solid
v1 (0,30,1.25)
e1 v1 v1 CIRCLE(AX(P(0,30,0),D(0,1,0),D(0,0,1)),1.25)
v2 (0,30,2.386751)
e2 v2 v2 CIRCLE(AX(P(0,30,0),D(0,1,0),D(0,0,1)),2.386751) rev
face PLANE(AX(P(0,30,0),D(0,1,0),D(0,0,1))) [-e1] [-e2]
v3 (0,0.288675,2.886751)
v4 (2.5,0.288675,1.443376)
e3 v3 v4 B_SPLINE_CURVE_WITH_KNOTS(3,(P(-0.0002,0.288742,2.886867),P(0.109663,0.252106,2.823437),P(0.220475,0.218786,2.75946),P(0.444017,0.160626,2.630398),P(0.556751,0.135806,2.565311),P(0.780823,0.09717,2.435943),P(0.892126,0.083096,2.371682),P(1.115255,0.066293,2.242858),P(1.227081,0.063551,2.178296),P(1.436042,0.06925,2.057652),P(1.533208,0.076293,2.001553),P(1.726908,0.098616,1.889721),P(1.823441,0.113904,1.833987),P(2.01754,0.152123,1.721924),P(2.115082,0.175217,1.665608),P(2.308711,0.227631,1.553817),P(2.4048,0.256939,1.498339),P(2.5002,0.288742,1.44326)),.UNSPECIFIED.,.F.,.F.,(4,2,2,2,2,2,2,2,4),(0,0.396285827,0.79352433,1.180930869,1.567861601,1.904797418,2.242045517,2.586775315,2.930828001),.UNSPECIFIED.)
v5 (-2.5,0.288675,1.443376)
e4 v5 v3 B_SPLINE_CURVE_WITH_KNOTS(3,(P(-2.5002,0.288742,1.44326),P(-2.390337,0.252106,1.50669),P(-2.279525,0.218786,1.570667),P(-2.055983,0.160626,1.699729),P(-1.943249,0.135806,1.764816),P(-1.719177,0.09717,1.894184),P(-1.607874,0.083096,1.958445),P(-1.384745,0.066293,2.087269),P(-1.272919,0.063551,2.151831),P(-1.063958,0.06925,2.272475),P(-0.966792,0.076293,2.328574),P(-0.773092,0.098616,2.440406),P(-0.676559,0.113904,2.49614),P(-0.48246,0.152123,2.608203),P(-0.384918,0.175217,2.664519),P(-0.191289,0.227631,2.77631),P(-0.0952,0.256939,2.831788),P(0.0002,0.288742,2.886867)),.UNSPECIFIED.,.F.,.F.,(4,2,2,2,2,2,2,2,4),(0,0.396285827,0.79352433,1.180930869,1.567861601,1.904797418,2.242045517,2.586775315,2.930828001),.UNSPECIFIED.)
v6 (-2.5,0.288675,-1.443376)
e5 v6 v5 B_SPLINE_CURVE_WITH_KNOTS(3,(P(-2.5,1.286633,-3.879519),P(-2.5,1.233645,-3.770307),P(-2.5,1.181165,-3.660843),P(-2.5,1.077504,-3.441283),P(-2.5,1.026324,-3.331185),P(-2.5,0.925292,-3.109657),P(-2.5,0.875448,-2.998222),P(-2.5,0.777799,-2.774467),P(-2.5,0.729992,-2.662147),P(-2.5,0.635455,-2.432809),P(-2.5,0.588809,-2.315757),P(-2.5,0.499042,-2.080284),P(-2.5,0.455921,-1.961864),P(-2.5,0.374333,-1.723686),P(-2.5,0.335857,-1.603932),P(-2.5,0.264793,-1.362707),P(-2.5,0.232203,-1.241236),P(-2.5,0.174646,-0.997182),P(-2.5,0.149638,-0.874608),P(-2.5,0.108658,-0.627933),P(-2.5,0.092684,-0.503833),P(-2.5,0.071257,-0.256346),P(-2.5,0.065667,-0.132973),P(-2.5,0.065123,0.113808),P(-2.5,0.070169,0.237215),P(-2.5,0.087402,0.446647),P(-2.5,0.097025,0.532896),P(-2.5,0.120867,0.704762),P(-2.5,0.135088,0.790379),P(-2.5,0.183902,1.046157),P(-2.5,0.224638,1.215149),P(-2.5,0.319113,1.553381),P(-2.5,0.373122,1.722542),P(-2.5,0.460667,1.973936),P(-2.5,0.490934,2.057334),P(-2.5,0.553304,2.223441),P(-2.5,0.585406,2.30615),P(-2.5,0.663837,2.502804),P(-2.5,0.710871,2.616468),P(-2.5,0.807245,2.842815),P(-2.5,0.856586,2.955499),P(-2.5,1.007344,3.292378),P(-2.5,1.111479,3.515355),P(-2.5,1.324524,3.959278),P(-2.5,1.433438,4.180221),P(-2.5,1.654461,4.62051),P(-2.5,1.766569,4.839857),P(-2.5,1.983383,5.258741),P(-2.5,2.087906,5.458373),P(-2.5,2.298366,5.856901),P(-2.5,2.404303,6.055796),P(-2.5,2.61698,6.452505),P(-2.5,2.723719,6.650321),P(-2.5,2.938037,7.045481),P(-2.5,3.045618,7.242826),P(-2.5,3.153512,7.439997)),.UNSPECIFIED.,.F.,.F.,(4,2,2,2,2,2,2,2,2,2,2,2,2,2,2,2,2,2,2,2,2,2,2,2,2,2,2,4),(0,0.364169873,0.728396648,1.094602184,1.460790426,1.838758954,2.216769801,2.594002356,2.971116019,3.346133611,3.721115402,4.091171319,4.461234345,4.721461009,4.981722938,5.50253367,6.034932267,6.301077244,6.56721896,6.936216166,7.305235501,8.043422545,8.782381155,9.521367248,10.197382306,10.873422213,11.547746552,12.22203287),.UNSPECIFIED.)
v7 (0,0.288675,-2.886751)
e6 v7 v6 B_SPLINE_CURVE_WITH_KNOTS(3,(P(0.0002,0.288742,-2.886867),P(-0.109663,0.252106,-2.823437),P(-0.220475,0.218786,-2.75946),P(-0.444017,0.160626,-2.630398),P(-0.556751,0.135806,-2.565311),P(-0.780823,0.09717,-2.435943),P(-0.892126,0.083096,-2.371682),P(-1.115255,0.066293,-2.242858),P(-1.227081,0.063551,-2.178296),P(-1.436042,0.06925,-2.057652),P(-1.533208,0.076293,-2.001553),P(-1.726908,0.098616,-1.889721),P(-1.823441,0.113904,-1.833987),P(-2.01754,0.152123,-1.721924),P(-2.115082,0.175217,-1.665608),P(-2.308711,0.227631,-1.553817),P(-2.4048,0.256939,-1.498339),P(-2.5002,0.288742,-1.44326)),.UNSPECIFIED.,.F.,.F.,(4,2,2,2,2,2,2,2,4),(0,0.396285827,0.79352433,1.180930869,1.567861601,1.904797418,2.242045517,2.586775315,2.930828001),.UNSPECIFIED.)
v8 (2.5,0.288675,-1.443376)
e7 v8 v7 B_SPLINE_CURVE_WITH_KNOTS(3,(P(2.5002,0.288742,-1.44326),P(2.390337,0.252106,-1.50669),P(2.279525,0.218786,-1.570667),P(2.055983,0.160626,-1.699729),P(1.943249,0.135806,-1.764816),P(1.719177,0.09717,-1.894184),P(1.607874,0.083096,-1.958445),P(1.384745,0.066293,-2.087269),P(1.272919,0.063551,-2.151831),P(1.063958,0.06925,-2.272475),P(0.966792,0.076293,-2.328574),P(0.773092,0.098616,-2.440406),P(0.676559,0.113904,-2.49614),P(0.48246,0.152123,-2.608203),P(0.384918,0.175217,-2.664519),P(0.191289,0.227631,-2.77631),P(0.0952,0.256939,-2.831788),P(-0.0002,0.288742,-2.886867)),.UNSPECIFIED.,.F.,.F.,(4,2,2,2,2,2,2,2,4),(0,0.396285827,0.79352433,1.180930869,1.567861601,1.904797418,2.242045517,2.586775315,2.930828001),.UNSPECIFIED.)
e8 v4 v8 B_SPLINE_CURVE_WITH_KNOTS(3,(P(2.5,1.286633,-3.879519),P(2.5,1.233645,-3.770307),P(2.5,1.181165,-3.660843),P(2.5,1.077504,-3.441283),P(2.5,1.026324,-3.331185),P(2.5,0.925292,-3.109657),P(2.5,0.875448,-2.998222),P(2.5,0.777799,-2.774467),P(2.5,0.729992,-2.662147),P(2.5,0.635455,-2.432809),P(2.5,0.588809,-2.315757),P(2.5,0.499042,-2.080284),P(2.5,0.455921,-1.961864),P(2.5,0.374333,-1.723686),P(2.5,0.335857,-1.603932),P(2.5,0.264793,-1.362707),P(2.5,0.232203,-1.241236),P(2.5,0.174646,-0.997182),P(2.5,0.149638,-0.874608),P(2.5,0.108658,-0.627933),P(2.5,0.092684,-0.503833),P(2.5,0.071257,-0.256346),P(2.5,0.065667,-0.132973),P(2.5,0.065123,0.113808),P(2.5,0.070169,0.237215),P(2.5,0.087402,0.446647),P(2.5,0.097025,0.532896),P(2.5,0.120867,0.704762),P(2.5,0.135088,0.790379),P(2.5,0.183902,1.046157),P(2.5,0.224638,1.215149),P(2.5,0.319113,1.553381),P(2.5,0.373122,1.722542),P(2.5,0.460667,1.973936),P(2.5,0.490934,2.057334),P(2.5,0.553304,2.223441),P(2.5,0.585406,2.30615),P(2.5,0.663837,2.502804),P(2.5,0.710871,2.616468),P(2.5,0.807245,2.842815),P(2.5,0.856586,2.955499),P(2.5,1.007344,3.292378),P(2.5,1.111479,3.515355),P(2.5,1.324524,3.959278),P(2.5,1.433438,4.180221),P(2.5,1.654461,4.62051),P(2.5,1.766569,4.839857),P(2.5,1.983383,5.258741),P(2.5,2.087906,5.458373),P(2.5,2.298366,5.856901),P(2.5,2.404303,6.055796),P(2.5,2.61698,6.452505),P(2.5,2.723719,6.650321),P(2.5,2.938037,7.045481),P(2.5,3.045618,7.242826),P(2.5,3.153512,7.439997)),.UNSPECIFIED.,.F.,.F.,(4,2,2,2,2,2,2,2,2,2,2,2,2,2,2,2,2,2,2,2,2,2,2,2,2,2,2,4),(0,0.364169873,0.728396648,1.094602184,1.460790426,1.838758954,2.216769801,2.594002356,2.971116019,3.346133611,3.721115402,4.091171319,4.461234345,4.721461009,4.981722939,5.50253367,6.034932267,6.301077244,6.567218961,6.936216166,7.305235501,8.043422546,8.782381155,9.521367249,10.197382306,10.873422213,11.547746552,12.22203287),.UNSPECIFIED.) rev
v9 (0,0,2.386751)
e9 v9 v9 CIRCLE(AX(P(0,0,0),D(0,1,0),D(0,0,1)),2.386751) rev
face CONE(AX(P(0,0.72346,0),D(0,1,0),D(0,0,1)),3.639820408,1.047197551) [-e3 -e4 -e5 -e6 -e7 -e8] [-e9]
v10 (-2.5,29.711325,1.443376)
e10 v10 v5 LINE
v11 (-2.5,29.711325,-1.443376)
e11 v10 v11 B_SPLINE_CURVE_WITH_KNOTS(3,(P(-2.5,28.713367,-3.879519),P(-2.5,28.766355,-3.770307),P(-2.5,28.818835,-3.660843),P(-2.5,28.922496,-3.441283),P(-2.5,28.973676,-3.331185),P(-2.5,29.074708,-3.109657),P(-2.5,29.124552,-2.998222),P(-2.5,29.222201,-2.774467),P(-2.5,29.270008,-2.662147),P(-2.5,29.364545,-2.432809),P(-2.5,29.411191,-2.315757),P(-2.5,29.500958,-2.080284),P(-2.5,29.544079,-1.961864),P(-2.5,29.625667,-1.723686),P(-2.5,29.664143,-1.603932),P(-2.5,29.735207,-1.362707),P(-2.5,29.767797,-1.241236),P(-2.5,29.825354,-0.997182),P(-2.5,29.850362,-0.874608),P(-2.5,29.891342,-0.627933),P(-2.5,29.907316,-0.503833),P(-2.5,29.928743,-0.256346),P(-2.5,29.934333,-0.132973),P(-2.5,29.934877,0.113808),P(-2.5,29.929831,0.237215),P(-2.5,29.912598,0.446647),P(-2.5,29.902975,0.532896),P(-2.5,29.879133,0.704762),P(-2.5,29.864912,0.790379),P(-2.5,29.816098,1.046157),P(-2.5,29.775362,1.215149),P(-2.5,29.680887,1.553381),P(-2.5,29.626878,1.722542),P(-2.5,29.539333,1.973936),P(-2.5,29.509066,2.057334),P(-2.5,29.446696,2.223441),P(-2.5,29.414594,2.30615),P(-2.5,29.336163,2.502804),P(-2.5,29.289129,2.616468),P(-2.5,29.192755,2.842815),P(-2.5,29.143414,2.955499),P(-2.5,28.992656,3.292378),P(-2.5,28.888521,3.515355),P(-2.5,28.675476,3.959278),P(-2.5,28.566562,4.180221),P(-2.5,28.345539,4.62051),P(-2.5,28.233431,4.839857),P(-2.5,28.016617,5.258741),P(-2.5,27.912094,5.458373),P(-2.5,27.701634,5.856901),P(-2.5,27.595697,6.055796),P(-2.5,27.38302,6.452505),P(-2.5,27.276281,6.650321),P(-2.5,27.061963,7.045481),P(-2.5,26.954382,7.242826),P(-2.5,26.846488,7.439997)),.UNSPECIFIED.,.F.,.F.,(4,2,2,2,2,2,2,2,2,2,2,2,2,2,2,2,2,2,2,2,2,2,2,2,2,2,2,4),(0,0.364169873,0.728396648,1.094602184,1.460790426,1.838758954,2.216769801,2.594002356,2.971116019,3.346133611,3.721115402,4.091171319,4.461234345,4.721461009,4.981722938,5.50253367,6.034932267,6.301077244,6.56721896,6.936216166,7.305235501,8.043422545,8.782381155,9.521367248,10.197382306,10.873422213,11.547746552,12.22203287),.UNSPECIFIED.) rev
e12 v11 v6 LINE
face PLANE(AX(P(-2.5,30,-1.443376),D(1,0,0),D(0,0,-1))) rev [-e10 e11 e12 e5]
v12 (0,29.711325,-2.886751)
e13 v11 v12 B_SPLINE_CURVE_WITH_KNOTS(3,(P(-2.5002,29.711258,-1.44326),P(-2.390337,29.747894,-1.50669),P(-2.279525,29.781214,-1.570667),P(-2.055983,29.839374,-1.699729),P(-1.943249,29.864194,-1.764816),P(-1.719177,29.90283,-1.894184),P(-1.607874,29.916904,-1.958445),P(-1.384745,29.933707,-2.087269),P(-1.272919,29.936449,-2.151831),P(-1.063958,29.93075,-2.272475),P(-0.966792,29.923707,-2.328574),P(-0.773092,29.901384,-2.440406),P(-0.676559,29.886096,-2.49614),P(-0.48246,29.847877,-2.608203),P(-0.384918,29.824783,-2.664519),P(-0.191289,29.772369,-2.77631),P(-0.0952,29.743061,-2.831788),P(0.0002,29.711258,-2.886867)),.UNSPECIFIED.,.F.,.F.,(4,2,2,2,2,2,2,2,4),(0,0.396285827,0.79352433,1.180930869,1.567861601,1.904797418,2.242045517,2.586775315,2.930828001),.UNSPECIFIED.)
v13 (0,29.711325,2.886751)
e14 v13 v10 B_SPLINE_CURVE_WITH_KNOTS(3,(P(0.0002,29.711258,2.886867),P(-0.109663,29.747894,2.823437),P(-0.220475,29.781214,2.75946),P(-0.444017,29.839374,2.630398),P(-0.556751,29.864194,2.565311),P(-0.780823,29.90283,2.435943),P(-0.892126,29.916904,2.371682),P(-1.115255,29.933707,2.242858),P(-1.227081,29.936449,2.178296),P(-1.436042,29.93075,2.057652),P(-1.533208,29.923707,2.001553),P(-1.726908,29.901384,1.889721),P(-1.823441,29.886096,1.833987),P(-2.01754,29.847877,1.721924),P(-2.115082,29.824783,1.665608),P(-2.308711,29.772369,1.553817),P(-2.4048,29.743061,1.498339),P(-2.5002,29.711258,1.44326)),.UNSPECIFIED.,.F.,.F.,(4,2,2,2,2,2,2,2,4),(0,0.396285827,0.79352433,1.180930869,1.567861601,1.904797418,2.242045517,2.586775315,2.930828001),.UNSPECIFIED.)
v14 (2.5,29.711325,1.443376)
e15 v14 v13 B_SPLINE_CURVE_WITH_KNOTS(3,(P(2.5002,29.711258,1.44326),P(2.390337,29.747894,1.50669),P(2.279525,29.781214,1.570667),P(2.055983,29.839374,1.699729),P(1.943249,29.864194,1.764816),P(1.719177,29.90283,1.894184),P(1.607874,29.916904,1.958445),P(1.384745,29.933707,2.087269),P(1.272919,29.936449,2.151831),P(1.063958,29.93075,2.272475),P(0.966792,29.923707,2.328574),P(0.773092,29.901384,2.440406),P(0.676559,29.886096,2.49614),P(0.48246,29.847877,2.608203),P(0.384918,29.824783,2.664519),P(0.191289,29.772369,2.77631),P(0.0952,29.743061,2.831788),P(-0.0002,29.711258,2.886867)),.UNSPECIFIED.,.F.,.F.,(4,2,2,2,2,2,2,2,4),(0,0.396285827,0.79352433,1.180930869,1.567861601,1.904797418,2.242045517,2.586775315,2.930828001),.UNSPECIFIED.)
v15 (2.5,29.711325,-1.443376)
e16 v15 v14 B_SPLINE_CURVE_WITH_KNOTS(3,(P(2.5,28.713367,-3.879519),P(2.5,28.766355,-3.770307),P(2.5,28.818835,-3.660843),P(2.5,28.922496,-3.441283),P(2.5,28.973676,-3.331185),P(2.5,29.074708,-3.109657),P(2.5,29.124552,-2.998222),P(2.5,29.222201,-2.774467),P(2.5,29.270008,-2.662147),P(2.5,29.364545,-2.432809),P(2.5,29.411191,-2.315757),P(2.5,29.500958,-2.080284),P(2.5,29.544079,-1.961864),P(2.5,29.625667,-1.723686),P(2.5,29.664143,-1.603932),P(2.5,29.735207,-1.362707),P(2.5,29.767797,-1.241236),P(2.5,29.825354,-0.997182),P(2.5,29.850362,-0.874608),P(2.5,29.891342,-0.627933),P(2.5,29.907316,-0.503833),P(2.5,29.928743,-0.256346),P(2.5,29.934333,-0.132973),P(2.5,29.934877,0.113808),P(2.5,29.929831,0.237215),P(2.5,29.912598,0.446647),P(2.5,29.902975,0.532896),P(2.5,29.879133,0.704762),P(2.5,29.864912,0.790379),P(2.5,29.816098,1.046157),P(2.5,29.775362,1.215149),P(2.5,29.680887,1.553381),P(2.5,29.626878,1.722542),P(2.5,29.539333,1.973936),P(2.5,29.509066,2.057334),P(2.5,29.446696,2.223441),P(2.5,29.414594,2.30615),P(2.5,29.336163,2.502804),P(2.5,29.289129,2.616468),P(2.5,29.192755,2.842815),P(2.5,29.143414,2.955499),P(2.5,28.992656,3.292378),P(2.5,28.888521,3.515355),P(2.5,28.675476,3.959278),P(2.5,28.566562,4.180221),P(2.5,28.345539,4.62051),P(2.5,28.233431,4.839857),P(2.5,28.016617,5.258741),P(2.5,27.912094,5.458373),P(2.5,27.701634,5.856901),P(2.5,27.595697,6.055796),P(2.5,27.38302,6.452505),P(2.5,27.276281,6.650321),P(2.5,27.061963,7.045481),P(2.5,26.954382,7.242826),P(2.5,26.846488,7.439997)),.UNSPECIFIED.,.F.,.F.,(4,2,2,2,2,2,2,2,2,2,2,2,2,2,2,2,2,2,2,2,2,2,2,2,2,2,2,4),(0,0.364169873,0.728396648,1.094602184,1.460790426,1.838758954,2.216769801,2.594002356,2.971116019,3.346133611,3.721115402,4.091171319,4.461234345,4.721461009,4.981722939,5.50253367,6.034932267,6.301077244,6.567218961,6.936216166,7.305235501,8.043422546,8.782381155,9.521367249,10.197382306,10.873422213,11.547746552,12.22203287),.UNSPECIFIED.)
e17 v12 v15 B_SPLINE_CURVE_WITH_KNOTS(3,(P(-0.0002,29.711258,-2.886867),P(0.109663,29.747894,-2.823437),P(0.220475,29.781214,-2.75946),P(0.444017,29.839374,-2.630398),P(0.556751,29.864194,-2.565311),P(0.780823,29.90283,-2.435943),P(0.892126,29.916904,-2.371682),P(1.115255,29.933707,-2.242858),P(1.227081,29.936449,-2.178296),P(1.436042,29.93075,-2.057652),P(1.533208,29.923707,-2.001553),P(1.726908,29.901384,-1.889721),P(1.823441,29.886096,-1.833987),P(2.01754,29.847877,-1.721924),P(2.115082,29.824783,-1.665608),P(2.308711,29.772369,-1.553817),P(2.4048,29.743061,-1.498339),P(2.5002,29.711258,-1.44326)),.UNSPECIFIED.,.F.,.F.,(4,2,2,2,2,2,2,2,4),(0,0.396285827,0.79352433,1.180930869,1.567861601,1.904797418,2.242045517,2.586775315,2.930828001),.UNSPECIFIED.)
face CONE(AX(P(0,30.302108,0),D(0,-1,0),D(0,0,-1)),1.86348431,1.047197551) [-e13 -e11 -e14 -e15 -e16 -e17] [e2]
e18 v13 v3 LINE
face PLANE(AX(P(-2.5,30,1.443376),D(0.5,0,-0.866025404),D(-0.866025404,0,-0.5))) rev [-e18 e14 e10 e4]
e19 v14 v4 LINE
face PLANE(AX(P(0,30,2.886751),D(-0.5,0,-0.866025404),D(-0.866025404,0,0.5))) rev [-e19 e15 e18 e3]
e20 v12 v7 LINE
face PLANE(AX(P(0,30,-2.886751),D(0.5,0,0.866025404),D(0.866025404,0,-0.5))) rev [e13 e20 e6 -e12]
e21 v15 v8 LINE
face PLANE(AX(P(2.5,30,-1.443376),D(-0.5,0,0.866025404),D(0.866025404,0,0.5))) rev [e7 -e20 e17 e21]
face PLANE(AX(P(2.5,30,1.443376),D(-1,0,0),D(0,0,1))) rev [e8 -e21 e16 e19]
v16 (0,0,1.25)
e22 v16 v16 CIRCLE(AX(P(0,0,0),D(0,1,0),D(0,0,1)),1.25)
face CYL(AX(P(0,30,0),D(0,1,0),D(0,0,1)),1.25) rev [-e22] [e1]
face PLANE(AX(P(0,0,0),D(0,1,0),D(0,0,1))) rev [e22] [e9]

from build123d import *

# Parameters (mm, degrees)
EXTRUDE_1_DEPTH   = 30
HOLE_WIZARD_M31_D = 2.5


with BuildPart() as part:
    # Эскиз1 → Бобышка-Вытянуть1 (new body)
    with BuildSketch(Plane(origin=(0, 0, 0), x_dir=(1, 0, 0), z_dir=(0, 1, 0))):
        Polygon((0, 2.886751346), (-2.5, 1.443375673), (-2.5, -1.443375673), (0, -2.886751346), (2.5, -1.443375673), (2.5, 1.443375673), align=None)
    extrude(amount=EXTRUDE_1_DEPTH)

    # Отверстие обработанное метчиком M31 (through all)
    with Locations(Plane(origin=(0, 30, 0), x_dir=(1, 0, 0), z_dir=(0, 1, 0))):
        with Locations((0, 0)):
            Hole(HOLE_WIZARD_M31_D / 2)

    # Эскиз4 → Вырез-Повернуть1 (revolve, cut)
    with BuildSketch(Plane(origin=(0, 0, 0), x_dir=(0, 0, -1), z_dir=(1, 0, 0)), mode=Mode.PRIVATE) as cut_revolve_1_sk:
        Polygon((1.86348431, 30.302108364), (3.639820408, 29.27654024), (3.639820408, 31.381488227), (1.86348431, 31.381488227), align=None)
        Polygon((1.86348431, -0.302108364), (3.639820408, 0.72345976), (3.639820408, -1.381488227), (1.86348431, -1.381488227), align=None)
    revolve(cut_revolve_1_sk.sketch.rotate(Axis((0, 0, 0), (0, 1, 0)), 180), axis=Axis((0, 0, 0), (0, 1, 0)), mode=Mode.SUBTRACT)


solid = part.part
